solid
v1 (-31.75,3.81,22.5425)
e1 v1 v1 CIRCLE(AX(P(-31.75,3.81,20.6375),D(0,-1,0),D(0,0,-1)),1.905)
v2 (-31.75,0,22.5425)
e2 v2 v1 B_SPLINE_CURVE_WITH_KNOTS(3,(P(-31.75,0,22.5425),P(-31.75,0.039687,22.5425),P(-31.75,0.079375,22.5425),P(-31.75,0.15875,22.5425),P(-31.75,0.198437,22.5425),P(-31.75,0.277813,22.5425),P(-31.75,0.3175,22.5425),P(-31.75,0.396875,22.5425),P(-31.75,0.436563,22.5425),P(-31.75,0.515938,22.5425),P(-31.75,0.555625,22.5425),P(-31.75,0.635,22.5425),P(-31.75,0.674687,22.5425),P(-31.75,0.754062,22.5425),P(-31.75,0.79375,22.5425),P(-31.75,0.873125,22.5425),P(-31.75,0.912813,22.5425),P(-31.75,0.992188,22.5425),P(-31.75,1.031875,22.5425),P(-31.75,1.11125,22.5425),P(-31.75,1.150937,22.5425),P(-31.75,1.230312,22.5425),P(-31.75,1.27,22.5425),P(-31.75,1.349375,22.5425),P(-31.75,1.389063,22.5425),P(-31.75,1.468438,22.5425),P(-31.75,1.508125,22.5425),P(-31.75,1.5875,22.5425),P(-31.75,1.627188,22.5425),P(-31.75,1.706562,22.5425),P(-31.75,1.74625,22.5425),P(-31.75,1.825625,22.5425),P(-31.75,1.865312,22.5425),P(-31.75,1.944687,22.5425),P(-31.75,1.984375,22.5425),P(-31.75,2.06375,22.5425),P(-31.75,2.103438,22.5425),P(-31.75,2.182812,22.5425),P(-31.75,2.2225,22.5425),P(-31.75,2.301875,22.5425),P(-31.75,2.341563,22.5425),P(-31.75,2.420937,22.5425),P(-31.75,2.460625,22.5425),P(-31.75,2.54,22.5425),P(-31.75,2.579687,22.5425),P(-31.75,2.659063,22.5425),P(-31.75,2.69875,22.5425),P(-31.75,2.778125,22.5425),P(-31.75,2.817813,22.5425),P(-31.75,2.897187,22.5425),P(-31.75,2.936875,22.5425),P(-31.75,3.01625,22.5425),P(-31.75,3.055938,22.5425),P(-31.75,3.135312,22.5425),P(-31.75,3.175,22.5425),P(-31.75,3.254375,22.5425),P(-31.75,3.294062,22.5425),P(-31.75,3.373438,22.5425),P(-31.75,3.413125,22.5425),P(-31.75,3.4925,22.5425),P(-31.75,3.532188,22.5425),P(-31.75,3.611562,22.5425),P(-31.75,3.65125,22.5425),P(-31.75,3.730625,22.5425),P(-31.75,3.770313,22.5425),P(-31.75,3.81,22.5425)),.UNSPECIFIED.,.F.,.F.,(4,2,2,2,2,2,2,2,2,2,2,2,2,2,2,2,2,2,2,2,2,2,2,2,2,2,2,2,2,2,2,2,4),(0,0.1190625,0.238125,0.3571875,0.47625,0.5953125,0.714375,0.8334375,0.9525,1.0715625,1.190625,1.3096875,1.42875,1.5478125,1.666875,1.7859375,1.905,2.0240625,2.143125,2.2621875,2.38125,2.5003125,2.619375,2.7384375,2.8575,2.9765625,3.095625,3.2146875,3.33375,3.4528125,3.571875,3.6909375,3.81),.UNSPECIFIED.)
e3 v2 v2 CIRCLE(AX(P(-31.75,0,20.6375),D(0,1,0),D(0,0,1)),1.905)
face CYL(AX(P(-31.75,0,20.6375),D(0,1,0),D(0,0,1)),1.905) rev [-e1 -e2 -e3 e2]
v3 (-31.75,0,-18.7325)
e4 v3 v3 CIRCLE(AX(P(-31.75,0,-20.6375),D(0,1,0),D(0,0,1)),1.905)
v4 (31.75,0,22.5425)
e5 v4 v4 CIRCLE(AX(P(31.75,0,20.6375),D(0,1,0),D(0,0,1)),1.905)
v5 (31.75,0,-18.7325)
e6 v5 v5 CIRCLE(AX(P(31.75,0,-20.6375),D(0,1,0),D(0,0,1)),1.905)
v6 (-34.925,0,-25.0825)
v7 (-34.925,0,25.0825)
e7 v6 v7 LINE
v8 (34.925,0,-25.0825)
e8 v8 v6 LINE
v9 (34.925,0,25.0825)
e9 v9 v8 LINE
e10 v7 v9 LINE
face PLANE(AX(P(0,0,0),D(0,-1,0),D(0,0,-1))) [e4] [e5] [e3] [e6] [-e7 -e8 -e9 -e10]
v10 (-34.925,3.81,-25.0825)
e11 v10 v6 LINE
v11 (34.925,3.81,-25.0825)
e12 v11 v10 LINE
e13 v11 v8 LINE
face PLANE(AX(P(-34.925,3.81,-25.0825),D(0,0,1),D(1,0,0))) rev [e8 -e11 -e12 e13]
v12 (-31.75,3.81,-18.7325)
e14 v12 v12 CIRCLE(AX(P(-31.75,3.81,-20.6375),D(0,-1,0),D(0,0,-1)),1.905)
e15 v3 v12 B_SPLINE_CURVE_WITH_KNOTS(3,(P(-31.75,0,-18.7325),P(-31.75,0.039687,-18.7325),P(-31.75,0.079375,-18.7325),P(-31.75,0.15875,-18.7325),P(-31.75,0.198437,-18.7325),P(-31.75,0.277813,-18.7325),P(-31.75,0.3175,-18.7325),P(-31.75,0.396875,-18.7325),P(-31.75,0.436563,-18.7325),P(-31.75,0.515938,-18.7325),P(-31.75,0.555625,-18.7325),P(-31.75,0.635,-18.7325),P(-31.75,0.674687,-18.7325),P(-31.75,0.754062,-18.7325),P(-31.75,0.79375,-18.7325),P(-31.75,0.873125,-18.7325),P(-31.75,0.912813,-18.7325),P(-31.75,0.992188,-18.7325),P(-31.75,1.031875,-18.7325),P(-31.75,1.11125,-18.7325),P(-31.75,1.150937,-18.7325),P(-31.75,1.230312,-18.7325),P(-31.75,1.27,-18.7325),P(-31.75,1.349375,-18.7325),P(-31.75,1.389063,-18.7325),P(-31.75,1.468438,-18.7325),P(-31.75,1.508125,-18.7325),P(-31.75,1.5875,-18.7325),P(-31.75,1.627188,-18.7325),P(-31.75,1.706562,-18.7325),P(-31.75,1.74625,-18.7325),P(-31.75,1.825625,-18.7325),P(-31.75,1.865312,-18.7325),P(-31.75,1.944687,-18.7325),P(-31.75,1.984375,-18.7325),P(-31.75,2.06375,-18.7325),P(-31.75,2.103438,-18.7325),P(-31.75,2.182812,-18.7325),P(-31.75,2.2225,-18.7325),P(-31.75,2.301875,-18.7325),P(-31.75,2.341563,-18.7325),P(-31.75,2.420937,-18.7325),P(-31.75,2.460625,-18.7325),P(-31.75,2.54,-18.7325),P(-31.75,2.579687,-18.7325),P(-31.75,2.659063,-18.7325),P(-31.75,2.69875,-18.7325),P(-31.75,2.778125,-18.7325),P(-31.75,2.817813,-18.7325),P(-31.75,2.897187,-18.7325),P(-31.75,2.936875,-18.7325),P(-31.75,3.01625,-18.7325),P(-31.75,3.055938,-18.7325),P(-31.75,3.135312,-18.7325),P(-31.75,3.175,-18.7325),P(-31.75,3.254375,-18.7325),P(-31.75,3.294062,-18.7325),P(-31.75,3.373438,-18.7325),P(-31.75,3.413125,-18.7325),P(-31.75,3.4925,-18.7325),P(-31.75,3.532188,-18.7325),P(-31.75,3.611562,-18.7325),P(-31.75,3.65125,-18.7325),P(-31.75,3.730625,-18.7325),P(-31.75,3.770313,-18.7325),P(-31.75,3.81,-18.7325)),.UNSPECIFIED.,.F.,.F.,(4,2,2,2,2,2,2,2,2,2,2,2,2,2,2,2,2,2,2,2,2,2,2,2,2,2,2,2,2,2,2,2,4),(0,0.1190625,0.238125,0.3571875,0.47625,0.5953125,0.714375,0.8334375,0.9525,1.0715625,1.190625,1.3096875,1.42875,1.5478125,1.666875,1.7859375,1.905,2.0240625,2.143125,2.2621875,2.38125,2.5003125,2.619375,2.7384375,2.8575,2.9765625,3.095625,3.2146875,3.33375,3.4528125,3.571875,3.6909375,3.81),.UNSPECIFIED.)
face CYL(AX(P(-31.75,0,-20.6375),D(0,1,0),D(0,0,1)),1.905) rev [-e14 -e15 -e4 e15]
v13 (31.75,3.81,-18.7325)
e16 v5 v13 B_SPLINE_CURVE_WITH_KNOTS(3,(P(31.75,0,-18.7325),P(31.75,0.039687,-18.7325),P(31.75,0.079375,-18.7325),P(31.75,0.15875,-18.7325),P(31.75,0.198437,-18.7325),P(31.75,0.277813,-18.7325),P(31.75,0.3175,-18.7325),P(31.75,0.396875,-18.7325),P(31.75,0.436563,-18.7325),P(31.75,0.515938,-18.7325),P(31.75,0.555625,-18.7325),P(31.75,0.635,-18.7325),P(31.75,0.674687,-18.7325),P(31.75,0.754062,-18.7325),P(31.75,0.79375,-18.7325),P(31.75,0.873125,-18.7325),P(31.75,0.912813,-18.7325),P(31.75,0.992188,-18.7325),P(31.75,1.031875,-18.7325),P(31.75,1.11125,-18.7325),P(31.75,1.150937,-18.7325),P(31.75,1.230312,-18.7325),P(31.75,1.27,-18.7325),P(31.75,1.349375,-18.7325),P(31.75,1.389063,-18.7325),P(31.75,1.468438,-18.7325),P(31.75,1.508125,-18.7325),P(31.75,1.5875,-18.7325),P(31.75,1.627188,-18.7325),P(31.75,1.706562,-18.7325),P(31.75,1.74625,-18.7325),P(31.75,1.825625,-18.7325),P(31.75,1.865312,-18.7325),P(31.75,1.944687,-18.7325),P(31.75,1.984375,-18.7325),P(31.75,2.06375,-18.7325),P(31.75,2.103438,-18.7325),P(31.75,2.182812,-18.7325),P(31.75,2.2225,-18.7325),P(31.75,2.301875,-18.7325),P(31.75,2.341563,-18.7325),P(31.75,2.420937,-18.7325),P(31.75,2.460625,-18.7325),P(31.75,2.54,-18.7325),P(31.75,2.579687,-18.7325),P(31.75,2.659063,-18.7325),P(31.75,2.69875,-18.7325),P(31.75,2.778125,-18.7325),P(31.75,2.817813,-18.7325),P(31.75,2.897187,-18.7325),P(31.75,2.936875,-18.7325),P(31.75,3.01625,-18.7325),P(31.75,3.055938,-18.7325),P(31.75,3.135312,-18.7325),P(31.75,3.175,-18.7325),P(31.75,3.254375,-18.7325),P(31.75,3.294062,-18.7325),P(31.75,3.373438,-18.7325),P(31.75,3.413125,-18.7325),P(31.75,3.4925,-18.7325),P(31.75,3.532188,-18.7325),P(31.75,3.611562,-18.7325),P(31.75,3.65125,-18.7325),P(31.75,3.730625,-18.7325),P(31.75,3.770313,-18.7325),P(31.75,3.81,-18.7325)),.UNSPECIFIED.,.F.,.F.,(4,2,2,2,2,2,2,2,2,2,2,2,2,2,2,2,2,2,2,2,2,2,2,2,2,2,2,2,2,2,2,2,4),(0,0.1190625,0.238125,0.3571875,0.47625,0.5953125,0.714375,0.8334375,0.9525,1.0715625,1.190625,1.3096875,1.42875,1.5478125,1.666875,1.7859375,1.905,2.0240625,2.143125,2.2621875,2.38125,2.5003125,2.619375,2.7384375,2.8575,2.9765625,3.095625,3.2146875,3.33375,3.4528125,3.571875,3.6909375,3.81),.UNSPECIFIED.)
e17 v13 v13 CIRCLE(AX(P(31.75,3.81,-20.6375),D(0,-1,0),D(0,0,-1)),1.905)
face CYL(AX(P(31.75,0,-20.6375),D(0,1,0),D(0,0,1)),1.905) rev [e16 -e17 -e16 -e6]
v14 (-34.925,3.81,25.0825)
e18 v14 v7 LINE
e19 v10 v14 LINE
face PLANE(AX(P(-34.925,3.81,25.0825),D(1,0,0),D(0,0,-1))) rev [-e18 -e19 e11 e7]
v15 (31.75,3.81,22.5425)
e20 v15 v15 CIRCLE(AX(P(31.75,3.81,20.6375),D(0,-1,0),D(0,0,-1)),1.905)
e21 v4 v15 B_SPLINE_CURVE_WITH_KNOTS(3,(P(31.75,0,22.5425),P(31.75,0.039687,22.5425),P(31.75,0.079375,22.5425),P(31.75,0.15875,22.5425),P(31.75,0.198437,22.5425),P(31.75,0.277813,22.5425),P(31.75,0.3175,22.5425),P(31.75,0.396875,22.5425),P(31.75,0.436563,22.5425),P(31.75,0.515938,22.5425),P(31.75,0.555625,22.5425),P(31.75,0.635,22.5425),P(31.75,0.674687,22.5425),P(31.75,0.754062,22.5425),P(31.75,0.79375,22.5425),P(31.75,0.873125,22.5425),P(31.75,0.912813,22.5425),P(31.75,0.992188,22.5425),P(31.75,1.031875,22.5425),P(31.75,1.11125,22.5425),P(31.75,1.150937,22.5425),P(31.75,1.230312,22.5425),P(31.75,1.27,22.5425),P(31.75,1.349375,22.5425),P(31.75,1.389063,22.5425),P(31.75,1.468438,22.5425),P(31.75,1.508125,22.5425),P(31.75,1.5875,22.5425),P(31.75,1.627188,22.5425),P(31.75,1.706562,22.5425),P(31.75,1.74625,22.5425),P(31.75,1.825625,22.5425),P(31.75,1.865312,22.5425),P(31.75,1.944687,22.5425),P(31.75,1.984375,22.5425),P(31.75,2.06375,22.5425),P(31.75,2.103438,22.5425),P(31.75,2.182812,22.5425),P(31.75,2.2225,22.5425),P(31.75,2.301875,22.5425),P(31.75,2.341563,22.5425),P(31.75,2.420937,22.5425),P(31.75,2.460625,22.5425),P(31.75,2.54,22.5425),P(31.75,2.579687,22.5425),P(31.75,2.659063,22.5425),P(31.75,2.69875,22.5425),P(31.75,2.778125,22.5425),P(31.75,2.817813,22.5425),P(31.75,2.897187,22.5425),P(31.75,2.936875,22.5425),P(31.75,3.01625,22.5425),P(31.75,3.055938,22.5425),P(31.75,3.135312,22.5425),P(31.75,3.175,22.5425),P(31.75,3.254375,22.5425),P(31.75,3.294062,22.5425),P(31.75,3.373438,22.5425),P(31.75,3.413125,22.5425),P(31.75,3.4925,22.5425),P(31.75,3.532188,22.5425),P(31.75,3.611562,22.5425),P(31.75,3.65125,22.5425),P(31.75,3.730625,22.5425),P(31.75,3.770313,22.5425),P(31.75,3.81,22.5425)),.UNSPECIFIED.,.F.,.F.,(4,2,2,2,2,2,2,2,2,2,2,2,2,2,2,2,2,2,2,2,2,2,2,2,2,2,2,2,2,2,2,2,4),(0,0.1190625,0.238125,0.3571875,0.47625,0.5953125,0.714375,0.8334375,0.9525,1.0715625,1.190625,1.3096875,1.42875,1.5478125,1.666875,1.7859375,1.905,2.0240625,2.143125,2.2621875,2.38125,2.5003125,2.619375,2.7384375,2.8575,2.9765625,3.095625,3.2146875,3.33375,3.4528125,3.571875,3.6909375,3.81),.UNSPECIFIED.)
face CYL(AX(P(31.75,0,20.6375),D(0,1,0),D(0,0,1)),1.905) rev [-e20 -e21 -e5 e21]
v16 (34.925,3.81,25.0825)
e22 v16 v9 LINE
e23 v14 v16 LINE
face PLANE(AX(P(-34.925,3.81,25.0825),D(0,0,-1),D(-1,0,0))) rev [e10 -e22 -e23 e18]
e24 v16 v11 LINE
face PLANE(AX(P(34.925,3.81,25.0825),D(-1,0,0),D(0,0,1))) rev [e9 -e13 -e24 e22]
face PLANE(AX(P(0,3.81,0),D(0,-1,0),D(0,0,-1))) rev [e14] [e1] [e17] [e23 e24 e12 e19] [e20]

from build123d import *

# Parameters (mm, degrees)
SKETCH2_W               = 69.85
SKETCH2_H               = 50.165
BOSS_EXTRUDE1_DEPTH     = 3.81
CUT_EXTRUDE1_DEPTH      = 44.167158017
CUT_EXTRUDE1_DEPTH_BACK = 44.167158017
SKETCH3_R               = 1.905


with BuildPart() as part:
    # Sketch2 → Boss-Extrude1 (new body)
    with BuildSketch(Plane(origin=(0, 0, 0), x_dir=(1, 0, 0), z_dir=(0, 1, 0))):
        Rectangle(SKETCH2_W, SKETCH2_H)
    extrude(amount=BOSS_EXTRUDE1_DEPTH)

    # Sketch3 → Cut-Extrude1 (cut, two sides: drawn at the far end of the back side and taken through both)
    with BuildSketch(Plane(origin=(0, 3.81, 0), x_dir=(1, 0, 0), z_dir=(0, 1, 0)).offset(-CUT_EXTRUDE1_DEPTH_BACK)):
        with Locations(Location((-31.75, 20.6375, 0), (0, 0, 270))):
            Circle(SKETCH3_R)
        with Locations(Location((31.75, 20.6375, 0), (0, 0, 270))):
            Circle(SKETCH3_R)
        with Locations(Location((31.75, -20.6375, 0), (0, 0, 270))):
            Circle(SKETCH3_R)
        with Locations(Location((-31.75, -20.6375, 0), (0, 0, 270))):
            Circle(SKETCH3_R)
    extrude(amount=CUT_EXTRUDE1_DEPTH + CUT_EXTRUDE1_DEPTH_BACK, mode=Mode.SUBTRACT)


solid = part.part
